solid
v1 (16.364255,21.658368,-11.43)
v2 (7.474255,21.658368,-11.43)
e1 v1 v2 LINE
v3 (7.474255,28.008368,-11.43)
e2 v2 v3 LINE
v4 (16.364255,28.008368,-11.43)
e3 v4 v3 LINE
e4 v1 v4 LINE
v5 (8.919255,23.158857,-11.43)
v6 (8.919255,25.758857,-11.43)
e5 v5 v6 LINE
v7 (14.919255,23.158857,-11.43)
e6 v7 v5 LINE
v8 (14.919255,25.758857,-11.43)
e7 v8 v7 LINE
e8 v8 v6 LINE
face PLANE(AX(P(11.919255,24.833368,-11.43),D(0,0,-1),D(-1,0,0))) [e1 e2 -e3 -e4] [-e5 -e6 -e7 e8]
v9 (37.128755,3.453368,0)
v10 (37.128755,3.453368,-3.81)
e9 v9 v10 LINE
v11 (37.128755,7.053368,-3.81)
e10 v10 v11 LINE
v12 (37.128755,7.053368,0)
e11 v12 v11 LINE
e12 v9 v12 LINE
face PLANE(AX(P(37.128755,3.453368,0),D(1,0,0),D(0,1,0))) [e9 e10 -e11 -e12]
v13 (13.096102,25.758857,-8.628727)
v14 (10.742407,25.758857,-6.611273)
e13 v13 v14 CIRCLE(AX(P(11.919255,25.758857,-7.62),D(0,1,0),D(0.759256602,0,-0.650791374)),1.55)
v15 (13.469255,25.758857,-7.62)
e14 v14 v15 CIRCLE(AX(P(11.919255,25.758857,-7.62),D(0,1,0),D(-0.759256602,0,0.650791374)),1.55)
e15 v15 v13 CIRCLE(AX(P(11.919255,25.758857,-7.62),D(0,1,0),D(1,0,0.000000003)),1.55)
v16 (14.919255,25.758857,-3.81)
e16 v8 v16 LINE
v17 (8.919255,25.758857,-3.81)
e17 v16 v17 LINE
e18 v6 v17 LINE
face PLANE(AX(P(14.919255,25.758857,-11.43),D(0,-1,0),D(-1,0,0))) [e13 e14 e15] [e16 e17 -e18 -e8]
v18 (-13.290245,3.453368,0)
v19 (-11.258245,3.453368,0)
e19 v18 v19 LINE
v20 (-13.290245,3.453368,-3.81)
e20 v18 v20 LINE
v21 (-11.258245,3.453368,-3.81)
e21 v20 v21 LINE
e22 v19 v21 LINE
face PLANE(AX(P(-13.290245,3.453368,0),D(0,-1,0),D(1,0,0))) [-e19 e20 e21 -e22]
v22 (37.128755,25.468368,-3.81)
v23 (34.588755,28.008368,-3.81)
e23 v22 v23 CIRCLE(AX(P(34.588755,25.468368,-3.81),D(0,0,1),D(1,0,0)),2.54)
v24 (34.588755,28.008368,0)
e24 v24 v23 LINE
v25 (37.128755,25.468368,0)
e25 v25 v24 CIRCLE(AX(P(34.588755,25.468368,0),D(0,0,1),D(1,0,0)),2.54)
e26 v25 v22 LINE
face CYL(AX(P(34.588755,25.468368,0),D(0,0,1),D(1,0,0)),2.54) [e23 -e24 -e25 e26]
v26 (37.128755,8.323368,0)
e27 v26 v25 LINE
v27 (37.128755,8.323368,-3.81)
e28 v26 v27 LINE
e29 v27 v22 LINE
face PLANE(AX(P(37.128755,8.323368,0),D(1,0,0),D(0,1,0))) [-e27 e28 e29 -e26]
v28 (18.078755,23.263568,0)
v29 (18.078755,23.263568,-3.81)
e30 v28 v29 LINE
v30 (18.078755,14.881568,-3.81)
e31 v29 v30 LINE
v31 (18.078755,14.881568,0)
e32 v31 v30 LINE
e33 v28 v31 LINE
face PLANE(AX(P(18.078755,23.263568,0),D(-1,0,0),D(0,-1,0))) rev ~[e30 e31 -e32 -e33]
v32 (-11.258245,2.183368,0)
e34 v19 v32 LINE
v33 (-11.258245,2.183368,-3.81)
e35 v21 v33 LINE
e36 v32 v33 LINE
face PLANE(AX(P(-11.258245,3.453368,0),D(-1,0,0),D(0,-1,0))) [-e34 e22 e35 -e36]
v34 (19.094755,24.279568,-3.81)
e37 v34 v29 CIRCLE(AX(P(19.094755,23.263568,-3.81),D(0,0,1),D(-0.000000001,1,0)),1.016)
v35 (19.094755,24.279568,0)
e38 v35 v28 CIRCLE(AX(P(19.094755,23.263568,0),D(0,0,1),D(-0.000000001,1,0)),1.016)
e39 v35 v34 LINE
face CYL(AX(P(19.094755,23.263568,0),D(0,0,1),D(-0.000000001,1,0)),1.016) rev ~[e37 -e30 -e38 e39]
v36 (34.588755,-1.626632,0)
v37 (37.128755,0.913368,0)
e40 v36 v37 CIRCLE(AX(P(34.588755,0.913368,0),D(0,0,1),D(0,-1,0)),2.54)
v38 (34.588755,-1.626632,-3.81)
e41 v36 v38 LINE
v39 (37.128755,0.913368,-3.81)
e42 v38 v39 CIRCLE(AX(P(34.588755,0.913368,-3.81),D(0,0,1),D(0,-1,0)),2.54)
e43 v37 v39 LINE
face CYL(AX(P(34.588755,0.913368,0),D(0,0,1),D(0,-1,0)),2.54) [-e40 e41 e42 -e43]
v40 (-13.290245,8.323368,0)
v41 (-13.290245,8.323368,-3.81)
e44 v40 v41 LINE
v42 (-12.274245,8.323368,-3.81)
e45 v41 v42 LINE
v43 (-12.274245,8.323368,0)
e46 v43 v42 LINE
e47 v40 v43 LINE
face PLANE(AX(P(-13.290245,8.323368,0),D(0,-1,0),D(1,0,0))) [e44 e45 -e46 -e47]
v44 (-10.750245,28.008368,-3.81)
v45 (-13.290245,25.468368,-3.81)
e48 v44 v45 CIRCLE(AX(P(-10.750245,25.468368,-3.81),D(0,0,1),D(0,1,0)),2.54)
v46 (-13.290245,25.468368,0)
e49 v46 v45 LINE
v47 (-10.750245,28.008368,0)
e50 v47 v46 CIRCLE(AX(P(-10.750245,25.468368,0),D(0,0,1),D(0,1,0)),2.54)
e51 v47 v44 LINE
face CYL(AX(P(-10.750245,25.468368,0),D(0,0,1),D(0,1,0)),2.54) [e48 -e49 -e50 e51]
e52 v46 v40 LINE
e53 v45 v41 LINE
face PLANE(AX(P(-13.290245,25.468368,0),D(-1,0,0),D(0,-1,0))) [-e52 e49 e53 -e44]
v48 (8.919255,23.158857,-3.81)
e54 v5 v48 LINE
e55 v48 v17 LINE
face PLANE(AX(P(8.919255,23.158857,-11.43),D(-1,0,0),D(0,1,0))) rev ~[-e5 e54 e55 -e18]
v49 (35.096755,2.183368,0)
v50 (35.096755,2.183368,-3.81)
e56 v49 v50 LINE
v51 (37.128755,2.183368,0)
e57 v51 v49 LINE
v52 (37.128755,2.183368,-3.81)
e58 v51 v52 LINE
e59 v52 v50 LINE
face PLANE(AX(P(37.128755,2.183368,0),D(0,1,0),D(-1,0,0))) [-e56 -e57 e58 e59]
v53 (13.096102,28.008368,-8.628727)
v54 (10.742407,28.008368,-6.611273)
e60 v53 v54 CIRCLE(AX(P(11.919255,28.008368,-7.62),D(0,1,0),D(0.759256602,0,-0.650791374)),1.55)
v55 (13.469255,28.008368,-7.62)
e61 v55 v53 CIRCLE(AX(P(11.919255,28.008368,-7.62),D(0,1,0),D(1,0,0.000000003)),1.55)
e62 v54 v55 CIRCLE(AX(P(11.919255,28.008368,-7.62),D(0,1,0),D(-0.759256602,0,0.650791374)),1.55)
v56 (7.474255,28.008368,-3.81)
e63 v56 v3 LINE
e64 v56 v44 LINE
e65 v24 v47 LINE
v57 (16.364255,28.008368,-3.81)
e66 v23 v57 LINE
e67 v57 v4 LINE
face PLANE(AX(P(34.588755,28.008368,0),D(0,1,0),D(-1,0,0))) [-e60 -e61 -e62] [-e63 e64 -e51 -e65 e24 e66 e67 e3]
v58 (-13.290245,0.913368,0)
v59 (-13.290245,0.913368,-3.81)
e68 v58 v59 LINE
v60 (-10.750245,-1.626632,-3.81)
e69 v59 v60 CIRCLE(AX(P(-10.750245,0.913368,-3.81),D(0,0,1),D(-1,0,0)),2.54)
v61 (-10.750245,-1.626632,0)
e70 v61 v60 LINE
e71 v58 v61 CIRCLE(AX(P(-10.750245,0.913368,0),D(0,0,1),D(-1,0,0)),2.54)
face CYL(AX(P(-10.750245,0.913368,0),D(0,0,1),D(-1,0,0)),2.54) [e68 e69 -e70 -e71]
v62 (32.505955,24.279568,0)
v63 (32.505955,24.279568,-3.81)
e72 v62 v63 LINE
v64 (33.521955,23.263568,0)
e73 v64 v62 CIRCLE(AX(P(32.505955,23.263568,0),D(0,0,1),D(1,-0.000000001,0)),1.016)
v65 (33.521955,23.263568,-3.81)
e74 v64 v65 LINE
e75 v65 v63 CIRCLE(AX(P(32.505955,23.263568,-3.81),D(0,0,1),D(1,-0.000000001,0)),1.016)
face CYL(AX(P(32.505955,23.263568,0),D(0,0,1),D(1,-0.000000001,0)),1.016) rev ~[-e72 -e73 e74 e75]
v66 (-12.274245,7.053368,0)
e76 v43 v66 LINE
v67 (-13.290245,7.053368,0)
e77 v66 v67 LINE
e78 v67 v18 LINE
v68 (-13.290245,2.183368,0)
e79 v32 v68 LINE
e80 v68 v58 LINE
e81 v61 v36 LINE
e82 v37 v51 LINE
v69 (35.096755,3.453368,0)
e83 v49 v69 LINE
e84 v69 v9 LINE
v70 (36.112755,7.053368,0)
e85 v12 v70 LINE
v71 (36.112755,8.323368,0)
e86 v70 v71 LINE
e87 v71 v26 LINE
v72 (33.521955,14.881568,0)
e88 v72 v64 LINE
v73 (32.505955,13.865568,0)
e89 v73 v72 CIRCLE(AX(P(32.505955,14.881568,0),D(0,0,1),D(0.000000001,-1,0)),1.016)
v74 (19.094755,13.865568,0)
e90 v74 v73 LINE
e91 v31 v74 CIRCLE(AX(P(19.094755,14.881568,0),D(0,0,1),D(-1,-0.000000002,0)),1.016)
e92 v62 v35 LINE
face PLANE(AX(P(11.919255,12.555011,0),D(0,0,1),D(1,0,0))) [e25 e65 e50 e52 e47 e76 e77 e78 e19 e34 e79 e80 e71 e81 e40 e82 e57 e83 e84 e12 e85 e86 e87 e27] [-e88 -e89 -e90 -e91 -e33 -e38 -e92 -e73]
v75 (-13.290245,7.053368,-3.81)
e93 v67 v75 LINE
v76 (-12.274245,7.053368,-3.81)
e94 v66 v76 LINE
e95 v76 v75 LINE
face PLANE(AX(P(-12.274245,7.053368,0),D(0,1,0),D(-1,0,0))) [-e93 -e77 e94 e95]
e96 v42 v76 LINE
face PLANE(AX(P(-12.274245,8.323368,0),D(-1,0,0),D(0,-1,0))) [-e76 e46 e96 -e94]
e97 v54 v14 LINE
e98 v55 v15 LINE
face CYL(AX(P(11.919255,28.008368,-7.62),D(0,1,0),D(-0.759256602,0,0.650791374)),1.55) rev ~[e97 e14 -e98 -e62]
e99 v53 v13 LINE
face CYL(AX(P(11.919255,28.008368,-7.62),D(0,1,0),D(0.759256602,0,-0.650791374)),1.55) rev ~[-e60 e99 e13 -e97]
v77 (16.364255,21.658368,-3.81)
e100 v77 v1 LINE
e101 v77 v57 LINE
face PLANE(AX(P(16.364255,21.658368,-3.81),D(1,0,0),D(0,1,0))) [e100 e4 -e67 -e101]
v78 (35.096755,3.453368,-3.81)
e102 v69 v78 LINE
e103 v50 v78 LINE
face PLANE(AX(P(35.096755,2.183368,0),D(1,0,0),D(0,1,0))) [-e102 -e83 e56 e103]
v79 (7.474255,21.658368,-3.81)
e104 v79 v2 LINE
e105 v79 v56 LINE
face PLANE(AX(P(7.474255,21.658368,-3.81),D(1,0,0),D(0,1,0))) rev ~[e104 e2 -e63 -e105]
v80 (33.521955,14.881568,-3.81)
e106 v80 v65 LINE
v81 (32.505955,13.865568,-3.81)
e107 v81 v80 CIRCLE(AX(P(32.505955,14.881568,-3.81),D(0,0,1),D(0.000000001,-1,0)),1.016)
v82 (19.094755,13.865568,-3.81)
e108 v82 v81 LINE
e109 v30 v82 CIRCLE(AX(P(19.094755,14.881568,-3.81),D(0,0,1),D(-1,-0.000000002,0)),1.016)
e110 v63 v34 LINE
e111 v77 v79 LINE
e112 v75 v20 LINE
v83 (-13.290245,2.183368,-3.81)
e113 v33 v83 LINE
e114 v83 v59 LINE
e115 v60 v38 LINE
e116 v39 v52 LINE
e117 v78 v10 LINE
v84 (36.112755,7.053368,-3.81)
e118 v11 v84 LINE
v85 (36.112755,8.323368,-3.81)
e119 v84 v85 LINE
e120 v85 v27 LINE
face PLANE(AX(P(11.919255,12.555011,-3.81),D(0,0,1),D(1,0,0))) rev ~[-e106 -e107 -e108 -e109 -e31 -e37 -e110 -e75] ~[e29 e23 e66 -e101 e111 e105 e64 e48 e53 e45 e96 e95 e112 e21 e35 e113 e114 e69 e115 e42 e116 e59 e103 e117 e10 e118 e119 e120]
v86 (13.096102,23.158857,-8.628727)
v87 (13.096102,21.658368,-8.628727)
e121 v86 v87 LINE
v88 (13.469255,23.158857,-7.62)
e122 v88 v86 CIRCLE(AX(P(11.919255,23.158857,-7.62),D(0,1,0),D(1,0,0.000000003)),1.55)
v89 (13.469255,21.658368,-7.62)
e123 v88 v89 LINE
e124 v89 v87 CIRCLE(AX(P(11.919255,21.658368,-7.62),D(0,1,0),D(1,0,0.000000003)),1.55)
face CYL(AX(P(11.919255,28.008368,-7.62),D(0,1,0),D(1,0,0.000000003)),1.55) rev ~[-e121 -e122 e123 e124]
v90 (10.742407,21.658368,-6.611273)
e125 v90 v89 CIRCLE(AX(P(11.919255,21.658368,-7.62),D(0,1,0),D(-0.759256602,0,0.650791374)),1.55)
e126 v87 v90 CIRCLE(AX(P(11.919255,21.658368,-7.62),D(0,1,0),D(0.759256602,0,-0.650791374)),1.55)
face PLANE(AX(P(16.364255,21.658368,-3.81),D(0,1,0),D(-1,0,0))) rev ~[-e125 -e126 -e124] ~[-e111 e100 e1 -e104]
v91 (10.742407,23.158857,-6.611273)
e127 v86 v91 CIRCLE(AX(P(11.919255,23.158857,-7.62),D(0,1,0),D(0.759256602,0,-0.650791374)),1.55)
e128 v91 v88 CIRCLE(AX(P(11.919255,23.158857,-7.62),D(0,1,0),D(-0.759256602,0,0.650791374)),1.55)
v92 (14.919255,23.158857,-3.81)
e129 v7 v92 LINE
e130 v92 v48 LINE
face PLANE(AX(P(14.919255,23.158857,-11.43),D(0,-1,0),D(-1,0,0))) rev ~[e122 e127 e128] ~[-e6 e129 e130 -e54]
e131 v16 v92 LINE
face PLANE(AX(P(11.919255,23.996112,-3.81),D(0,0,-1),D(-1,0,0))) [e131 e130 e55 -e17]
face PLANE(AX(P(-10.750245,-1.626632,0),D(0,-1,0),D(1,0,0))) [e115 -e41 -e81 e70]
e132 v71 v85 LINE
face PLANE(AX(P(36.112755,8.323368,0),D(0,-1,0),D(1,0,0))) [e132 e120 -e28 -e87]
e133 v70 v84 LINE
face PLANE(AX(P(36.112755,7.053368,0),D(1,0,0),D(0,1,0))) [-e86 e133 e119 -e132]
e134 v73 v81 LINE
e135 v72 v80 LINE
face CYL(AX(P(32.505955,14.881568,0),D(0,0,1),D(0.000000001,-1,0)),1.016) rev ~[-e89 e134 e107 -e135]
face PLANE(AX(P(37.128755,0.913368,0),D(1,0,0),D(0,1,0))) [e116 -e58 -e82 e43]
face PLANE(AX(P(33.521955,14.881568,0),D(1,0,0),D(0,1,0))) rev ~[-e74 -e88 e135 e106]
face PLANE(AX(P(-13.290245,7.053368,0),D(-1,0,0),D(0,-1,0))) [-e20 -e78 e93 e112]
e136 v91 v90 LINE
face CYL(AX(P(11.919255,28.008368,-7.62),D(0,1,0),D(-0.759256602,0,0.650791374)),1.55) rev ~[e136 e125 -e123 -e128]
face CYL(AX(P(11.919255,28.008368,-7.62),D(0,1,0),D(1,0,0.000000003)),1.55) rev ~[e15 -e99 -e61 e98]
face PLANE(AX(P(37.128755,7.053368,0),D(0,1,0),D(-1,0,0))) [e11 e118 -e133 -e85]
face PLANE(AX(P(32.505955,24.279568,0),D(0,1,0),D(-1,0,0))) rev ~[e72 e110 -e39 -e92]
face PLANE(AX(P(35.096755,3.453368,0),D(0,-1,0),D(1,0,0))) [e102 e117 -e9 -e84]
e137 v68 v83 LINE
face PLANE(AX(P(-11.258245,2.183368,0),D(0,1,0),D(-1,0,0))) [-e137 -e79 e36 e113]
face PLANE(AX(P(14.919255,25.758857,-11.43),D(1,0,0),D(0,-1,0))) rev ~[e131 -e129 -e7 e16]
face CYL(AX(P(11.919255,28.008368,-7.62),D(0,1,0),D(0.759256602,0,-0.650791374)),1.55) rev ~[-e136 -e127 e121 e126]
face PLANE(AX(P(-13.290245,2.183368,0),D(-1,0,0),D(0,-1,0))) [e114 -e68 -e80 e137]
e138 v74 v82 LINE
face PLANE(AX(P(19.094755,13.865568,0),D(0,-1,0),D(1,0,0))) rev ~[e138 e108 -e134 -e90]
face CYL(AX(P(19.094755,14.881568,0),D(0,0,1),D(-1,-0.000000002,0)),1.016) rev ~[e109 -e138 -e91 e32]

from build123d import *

# Parameters (mm, degrees)
BOSS_EXTRUDE1_DEPTH = 3.81
SKETCH2_W           = 8.89
SKETCH2_H           = 6.35
BOSS_EXTRUDE2_DEPTH = 7.62
CUT_EXTRUDE1_DEPTH  = 7.62
SKETCH4_W           = 6
SKETCH4_H           = 1.674510172
SKETCH4_H_2         = 0.925489708
CUT_EXTRUDE2_DEPTH  = 7.62


with BuildPart() as part:
    # Sketch1 → Boss-Extrude1 (new body)
    with BuildSketch(Plane.XY):
        with BuildLine():
            Line((37.128754647, 0.913367565), (37.128754647, 2.183367565))
            Line((37.128754647, 2.183367565), (35.096754647, 2.183367565))
            Line((35.096754647, 2.183367565), (35.096754647, 3.453367565))
            Line((35.096754647, 3.453367565), (37.128754647, 3.453367565))
            Line((37.128754647, 3.453367565), (37.128754647, 7.053367565))
            Line((37.128754647, 7.053367565), (36.112754647, 7.053367565))
            Line((36.112754647, 7.053367565), (36.112754647, 8.323367565))
            Line((36.112754647, 8.323367565), (37.128754647, 8.323367565))
            Line((37.128754647, 8.323367565), (37.128754647, 25.468367565))
            ThreePointArc((37.128754647, 25.468367565), (36.384805872, 27.264418789), (34.588754647, 28.008367565))
            Line((34.588754647, 28.008367565), (-10.750245353, 28.008367565))
            ThreePointArc((-10.750245353, 28.008367565), (-12.546296577, 27.264418789), (-13.290245353, 25.468367565))
            Line((-13.290245353, 25.468367565), (-13.290245353, 8.323367565))
            Line((-13.290245353, 8.323367565), (-12.274245353, 8.323367565))
            Line((-12.274245353, 8.323367565), (-12.274245353, 7.053367565))
            Line((-12.274245353, 7.053367565), (-13.290245353, 7.053367565))
            Line((-13.290245353, 7.053367565), (-13.290245353, 3.453367565))
            Line((-13.290245353, 3.453367565), (-11.258245353, 3.453367565))
            Line((-11.258245353, 3.453367565), (-11.258245353, 2.183367565))
            Line((-11.258245353, 2.183367565), (-13.290245353, 2.183367565))
            Line((-13.290245353, 2.183367565), (-13.290245353, 0.913367565))
            ThreePointArc((-13.290245353, 0.913367565), (-12.546296577, -0.882683659), (-10.750245353, -1.626632435))
            Line((-10.750245353, -1.626632435), (34.588754647, -1.626632435))
            ThreePointArc((34.588754647, -1.626632435), (36.384805872, -0.882683659), (37.128754647, 0.913367565))
        make_face()
        with BuildLine():
            Line((32.505954647, 24.279567565), (19.094754647, 24.279567565))
            ThreePointArc((19.094754647, 24.279567565), (18.376334158, 23.981988055), (18.078754647, 23.263567565))
            Line((18.078754647, 23.263567565), (18.078754647, 14.881567565))
            ThreePointArc((18.078754647, 14.881567565), (18.376334158, 14.163147076), (19.094754647, 13.865567565))
            Line((19.094754647, 13.865567565), (32.505954647, 13.865567565))
            ThreePointArc((32.505954647, 13.865567565), (33.224375137, 14.163147076), (33.521954647, 14.881567565))
            Line((33.521954647, 14.881567565), (33.521954647, 23.263567565))
            ThreePointArc((33.521954647, 23.263567565), (33.224375137, 23.981988055), (32.505954647, 24.279567565))
        make_face(mode=Mode.SUBTRACT)
    extrude(amount=-BOSS_EXTRUDE1_DEPTH)

    # Sketch2 → Boss-Extrude2 (add)
    with BuildSketch(Plane(origin=(0, 0, -3.81), x_dir=(-1, 0, 0), z_dir=(0, 0, -1))):
        with Locations((-11.919254647, 24.833367565)):
            Rectangle(SKETCH2_W, SKETCH2_H)
    extrude(amount=BOSS_EXTRUDE2_DEPTH)

    # Sketch3 → Cut-Extrude1 (cut)
    with BuildSketch(Plane(origin=(0, 28.008367565, 0), x_dir=(1, 0, 0), z_dir=(0, 1, 0))):
        with BuildLine():
            ThreePointArc((13.096102381, 8.628726629), (10.910528019, 8.796847734), (10.742406914, 6.611273371))
            Line((10.742406914, 6.611273371), (13.096102381, 8.628726629))
        make_face()
        with BuildLine():
            Line((13.096102381, 8.628726629), (10.742406914, 6.611273371))
            ThreePointArc((10.742406914, 6.611273371), (12.457021331, 6.166278227), (13.469254647, 7.62))
            ThreePointArc((13.469254647, 7.62), (13.372976421, 8.157766684), (13.096102381, 8.628726629))
        make_face()
    extrude(amount=-CUT_EXTRUDE1_DEPTH, mode=Mode.SUBTRACT)

    # Sketch4 → Cut-Extrude2 (cut)
    with BuildSketch(Plane(origin=(0, 0, -11.43), x_dir=(-1, 0, 0), z_dir=(0, 0, -1))):
        with Locations((-11.919254647, 23.996112479)):
            Rectangle(SKETCH4_W, SKETCH4_H)
        with Locations((-11.919254647, 25.296112419)):
            Rectangle(SKETCH4_W, SKETCH4_H_2)
    extrude(amount=-CUT_EXTRUDE2_DEPTH, mode=Mode.SUBTRACT)


solid = part.part
